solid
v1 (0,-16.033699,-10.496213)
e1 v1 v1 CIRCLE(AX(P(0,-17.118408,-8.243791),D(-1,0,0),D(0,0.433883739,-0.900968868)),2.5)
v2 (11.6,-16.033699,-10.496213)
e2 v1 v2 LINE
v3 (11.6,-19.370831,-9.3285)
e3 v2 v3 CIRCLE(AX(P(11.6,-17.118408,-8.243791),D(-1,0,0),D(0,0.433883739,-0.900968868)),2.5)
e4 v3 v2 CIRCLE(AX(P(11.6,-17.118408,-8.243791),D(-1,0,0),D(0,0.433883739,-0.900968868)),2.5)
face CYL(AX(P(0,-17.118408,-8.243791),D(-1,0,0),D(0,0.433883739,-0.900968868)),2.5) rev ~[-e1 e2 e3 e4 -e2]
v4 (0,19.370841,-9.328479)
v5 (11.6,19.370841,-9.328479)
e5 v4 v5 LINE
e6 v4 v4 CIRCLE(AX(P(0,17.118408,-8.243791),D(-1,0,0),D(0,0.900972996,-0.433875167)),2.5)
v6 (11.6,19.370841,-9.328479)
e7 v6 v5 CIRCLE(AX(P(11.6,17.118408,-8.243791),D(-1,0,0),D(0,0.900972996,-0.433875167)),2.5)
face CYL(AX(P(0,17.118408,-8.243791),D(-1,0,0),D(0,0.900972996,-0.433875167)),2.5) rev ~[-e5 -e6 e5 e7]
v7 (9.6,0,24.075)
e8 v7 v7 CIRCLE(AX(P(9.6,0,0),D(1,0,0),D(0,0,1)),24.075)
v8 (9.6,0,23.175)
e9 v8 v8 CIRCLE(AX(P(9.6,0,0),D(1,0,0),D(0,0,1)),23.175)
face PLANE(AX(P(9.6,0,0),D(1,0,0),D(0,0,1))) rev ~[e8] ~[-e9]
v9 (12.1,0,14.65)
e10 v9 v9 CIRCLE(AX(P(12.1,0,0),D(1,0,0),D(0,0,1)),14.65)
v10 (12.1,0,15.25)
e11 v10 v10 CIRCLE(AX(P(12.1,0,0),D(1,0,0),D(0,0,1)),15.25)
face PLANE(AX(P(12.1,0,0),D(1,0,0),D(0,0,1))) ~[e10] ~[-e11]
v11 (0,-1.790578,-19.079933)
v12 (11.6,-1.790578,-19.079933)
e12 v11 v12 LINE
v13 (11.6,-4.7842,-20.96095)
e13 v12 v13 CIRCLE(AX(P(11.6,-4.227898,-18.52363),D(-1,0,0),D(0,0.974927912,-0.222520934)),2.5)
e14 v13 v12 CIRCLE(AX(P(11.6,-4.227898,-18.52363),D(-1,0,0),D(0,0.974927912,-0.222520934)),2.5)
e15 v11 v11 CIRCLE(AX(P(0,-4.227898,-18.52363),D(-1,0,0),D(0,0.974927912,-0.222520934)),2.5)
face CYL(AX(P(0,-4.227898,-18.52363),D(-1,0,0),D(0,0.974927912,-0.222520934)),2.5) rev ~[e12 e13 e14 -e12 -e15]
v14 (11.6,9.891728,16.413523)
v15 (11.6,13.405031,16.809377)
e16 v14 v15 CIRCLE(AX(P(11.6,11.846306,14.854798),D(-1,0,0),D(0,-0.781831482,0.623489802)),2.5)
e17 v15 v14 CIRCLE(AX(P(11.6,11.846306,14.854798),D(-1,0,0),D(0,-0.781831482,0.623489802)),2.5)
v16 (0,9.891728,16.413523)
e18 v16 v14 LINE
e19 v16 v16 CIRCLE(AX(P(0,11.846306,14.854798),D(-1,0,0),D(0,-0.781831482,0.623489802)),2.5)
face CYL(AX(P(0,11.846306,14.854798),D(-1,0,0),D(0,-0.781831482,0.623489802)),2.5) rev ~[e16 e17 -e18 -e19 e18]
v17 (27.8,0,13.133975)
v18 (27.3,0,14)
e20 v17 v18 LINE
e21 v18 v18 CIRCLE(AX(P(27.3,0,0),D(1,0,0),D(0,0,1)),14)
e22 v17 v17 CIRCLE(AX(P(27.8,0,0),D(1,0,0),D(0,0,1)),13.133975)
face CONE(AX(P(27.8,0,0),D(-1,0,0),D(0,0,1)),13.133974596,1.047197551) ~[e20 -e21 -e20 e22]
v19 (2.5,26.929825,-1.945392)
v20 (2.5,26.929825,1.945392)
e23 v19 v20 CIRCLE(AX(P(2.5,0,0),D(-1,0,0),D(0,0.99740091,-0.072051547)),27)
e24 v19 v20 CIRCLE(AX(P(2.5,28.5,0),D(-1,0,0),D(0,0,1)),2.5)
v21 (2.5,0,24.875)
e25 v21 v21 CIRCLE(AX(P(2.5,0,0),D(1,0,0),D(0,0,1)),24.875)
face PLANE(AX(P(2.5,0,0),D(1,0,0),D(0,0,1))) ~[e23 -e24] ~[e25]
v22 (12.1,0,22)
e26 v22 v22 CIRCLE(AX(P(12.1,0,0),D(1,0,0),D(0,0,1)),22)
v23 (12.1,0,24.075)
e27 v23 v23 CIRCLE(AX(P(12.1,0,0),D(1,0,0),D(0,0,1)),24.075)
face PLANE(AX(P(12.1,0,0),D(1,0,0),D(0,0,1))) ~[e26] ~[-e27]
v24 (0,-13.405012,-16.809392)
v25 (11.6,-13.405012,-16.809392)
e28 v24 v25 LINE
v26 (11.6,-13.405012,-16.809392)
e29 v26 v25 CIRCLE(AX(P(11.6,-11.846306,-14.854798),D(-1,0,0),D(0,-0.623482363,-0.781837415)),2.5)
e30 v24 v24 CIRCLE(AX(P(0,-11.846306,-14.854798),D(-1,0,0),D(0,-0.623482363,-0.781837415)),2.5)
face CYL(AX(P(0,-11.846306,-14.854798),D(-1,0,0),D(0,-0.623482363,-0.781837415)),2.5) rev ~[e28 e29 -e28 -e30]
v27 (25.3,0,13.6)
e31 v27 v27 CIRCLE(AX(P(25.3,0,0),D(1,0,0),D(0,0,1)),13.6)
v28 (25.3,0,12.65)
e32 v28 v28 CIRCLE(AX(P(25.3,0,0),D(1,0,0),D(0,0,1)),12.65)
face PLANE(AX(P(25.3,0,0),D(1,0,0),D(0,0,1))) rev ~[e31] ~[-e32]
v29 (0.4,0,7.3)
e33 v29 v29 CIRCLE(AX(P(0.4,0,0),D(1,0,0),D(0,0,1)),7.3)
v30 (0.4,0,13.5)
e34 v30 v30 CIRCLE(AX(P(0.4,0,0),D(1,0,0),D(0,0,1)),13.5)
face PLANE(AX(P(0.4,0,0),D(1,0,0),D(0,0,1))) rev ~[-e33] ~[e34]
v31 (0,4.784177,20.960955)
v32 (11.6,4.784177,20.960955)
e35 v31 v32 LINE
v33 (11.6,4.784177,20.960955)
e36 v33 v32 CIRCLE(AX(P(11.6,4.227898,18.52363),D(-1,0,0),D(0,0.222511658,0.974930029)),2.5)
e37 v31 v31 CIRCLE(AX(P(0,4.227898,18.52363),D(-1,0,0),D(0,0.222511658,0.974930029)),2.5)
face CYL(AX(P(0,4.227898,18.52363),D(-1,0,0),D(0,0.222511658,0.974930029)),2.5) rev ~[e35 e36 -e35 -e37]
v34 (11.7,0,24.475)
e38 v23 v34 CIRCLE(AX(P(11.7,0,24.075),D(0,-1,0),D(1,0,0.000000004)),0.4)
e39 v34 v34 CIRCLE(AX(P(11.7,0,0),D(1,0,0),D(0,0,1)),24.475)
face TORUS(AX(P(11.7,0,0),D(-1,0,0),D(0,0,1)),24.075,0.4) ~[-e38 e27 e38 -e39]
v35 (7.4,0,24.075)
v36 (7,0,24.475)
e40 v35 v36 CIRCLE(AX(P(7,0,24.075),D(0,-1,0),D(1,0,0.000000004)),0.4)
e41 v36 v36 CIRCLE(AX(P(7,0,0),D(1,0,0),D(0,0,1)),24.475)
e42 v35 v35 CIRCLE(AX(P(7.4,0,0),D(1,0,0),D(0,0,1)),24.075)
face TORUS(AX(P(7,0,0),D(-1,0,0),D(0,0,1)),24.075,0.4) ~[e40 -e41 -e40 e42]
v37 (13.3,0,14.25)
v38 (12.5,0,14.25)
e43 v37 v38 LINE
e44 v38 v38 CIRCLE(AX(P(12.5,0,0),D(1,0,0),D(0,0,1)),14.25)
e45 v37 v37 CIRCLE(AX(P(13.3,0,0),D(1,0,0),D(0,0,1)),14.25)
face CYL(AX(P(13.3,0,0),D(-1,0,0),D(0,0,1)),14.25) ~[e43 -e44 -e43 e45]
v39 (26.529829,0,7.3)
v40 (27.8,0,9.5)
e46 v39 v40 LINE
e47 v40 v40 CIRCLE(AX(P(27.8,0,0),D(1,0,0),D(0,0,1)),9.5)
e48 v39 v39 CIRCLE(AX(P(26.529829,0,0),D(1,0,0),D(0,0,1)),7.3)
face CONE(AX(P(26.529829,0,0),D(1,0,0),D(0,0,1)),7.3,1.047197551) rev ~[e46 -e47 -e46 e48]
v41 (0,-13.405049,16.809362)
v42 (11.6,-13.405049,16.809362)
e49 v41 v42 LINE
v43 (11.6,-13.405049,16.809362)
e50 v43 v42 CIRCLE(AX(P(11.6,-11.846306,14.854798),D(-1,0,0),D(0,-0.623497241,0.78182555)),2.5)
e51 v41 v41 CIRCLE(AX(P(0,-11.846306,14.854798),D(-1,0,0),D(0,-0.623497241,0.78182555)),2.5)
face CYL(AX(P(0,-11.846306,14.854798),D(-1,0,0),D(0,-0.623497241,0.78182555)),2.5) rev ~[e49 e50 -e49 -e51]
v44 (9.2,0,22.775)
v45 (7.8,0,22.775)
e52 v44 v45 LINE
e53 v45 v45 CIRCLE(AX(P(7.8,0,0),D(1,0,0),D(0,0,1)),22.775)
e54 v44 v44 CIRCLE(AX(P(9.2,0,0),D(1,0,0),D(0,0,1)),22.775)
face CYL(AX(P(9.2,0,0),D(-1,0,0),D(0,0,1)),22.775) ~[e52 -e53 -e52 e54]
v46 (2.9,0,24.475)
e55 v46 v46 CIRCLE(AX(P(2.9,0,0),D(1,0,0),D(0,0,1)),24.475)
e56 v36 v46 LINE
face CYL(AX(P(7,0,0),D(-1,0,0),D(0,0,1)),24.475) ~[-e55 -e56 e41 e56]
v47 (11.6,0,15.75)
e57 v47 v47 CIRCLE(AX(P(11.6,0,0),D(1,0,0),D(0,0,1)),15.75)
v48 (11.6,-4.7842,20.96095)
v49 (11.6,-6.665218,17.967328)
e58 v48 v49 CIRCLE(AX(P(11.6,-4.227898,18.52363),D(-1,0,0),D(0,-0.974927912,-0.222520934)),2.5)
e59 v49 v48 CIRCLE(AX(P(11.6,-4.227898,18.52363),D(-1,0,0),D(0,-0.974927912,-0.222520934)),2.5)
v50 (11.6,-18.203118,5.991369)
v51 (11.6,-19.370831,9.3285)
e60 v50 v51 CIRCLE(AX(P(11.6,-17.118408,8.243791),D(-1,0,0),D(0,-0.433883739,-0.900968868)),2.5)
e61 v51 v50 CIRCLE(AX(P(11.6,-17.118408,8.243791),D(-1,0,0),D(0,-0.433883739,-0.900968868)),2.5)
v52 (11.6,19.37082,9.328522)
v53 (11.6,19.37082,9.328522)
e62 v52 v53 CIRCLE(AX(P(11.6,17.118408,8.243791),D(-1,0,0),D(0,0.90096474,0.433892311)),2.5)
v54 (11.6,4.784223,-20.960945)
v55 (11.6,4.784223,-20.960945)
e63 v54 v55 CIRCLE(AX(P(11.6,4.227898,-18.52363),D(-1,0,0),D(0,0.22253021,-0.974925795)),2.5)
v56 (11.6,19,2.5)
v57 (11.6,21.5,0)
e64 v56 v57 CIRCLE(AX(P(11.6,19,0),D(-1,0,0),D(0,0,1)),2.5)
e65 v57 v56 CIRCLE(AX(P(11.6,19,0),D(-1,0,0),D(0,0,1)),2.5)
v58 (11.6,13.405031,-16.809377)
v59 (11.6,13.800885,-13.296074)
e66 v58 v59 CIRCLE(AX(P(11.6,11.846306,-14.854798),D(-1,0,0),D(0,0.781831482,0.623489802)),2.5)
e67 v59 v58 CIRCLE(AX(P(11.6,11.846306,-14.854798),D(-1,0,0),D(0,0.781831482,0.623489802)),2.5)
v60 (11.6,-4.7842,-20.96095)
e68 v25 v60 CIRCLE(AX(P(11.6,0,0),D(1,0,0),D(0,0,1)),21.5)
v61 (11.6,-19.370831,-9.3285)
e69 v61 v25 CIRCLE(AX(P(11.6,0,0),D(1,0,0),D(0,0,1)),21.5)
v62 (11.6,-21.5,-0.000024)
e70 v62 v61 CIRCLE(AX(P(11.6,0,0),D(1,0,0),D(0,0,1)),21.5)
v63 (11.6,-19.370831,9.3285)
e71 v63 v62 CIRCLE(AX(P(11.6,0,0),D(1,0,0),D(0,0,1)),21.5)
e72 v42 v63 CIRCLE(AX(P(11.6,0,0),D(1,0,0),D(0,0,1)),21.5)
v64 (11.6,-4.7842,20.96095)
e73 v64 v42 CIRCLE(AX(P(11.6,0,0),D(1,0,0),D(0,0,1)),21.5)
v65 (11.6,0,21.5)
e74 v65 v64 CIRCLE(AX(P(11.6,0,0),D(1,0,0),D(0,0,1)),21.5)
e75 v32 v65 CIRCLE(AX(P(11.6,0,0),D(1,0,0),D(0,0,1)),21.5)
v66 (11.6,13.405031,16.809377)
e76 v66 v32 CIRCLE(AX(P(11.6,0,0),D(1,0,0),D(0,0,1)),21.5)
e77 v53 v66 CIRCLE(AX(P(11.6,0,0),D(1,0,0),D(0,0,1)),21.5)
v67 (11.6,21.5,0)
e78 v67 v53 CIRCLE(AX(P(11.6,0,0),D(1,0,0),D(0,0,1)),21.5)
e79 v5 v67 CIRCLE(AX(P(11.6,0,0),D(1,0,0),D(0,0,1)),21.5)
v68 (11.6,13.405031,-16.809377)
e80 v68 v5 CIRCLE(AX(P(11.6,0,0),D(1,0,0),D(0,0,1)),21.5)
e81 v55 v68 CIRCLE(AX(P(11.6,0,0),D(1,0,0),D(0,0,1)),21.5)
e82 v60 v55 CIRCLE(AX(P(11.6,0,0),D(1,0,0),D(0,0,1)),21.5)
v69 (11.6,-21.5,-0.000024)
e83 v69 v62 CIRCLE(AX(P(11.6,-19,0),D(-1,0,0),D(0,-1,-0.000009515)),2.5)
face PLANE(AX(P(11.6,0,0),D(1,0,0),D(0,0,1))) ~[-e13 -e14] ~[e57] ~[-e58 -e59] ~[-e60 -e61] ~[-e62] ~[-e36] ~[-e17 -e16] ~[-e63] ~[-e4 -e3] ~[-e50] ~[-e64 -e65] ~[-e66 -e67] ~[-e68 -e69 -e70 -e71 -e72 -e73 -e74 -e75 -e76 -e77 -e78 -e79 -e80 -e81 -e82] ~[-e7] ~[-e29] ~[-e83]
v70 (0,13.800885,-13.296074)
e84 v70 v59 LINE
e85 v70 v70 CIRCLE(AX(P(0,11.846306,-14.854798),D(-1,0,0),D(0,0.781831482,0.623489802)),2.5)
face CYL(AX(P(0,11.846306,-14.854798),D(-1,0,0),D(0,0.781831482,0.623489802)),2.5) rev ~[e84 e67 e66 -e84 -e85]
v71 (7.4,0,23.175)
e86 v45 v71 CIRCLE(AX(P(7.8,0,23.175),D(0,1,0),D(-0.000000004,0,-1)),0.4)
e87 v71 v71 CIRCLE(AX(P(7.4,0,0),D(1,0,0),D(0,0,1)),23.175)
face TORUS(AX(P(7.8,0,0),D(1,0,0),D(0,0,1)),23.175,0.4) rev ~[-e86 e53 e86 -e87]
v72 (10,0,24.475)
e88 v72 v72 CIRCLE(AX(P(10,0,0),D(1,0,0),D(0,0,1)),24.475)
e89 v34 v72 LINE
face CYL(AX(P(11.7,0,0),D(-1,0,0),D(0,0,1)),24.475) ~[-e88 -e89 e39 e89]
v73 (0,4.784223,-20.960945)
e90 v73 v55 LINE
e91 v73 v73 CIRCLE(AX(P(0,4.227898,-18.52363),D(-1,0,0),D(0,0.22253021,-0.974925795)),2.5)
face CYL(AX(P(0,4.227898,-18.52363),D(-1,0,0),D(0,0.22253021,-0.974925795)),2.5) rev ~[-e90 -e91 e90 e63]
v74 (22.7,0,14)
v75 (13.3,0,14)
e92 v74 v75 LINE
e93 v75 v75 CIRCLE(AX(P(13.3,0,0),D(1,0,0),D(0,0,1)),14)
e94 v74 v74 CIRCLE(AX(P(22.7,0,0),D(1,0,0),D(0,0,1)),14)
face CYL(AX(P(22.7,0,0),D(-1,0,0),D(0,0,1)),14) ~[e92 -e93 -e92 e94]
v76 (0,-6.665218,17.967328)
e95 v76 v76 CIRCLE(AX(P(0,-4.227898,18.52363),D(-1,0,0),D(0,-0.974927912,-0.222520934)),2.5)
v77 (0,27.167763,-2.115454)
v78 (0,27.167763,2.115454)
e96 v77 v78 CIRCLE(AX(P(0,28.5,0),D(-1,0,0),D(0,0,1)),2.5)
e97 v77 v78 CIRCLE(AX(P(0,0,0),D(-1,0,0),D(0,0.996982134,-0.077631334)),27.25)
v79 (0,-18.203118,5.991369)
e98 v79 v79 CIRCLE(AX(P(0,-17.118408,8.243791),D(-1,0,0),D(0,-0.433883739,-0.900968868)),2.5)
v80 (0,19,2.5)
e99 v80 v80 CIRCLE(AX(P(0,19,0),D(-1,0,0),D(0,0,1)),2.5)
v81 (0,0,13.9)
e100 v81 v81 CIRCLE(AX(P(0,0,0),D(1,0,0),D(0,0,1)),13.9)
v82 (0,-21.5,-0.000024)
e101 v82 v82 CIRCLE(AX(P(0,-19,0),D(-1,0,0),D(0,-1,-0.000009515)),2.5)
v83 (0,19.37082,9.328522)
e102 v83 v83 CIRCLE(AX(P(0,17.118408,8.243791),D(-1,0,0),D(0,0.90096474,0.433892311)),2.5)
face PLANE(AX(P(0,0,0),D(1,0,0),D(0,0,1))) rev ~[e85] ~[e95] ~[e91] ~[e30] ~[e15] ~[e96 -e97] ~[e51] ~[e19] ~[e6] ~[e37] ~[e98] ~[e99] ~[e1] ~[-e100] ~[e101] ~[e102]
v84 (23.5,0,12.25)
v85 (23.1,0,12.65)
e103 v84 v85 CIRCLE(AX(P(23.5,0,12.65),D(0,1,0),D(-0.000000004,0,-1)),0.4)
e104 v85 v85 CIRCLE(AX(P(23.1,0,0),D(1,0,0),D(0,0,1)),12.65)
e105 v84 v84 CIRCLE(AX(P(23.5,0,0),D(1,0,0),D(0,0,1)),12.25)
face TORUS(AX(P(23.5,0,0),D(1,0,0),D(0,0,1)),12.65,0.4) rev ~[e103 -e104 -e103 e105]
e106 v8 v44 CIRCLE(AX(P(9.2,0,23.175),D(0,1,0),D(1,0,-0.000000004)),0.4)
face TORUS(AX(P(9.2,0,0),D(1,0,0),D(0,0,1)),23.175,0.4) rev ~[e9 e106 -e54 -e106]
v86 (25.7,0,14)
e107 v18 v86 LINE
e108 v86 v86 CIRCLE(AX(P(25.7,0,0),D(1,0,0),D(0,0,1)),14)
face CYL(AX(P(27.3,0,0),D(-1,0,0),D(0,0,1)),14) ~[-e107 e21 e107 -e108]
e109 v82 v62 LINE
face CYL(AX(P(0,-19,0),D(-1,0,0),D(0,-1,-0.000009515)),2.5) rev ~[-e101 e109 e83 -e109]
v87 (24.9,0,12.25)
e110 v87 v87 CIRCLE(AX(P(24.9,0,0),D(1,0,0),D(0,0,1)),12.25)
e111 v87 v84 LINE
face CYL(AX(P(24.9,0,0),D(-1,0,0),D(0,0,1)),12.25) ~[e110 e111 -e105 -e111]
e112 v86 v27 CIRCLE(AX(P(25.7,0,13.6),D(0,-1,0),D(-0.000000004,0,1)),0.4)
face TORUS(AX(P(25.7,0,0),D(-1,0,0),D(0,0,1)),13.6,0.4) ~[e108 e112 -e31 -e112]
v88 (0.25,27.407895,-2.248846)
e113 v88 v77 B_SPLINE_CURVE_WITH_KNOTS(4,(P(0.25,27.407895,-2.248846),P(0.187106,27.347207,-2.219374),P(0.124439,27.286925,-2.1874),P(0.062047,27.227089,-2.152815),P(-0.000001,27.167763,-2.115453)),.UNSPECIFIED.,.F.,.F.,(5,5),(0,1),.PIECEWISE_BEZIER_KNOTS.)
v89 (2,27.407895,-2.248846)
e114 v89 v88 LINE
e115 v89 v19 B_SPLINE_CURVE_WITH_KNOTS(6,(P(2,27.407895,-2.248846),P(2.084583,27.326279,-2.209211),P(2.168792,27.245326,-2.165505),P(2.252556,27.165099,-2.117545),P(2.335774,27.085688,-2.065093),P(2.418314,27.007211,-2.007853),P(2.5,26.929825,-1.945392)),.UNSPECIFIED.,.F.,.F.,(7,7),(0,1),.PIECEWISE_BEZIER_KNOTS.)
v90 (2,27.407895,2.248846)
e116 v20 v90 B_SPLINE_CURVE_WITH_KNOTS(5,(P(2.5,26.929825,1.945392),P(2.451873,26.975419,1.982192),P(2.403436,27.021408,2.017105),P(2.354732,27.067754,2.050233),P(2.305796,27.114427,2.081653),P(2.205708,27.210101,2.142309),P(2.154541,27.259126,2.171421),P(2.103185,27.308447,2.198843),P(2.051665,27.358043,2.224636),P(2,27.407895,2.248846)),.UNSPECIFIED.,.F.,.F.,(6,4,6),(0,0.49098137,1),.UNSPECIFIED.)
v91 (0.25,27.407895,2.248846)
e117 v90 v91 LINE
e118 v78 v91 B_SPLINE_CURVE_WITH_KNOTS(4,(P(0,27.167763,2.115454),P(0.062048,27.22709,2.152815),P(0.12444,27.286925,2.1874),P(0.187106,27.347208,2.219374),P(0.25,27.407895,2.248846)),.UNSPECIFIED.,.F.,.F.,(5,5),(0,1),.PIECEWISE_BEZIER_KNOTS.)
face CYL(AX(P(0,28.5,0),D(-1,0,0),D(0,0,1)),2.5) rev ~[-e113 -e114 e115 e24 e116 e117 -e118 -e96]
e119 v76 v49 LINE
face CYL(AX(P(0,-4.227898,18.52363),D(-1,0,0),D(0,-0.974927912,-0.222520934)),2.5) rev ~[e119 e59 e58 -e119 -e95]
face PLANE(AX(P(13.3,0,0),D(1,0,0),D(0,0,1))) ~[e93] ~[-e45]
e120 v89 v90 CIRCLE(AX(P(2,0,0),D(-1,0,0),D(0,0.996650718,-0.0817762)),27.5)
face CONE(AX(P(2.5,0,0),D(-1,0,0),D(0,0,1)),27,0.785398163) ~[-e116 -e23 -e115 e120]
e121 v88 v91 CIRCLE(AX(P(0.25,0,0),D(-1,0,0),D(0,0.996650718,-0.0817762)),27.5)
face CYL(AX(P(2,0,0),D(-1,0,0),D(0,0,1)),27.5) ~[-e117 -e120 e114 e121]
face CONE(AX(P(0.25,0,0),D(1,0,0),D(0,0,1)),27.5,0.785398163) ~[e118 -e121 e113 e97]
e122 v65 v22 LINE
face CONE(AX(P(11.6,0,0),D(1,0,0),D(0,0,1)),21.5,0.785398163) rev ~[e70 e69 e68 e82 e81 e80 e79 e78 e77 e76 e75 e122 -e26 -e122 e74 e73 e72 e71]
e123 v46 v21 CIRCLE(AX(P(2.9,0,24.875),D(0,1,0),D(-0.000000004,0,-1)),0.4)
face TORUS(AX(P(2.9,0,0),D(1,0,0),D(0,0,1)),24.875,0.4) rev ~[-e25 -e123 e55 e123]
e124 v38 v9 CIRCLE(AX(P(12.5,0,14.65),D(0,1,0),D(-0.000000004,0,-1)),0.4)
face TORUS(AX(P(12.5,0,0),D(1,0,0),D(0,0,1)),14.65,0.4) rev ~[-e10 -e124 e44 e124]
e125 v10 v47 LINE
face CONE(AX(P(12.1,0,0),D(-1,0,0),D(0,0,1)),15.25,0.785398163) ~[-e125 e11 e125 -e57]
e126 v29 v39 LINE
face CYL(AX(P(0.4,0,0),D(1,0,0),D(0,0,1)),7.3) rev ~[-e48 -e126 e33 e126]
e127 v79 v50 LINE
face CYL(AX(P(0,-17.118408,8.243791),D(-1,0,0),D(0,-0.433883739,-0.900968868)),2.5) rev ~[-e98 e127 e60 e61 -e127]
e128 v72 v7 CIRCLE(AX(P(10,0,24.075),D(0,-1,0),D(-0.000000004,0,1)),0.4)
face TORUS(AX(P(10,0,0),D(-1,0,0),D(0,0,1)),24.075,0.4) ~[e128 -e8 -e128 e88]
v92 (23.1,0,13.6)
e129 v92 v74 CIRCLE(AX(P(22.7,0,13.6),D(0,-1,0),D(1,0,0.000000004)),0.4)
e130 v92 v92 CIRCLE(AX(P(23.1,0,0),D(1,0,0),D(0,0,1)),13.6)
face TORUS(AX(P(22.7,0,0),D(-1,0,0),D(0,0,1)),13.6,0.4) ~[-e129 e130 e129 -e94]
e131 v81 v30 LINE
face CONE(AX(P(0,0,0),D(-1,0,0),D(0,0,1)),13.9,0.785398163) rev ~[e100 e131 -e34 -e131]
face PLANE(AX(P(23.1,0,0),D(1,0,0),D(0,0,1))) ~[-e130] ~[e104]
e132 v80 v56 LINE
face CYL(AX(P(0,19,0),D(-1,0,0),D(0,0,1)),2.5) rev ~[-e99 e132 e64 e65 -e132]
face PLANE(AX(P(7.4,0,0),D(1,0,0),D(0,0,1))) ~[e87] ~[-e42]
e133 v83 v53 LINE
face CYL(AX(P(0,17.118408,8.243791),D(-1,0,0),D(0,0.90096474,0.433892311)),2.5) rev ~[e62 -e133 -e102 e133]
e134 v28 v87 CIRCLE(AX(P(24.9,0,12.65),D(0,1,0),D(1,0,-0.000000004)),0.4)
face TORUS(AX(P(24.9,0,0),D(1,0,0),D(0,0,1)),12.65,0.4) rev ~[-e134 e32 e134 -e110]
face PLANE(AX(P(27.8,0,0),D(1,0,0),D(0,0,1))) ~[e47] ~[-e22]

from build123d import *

# Parameters (mm, degrees)
EXTRUDE1_REACH    = 49.805
SKETCH2_R         = 2.5
EXTRUDE2_REACH    = 49.805
SKETCH3_R         = 2.5
CIRPATTERN1_COUNT = 7


with BuildPart() as part:
    # Sketch1 → Revolve1 (revolve)
    with BuildSketch(Plane.XY, mode=Mode.PRIVATE) as revolve1_sk:
        with BuildLine():
            Line((0.4, 7.3), (26.529829408, 7.3))
            Line((26.529829408, 7.3), (27.8, 9.5))
            Line((27.8, 9.5), (27.8, 13.133974596))
            Line((27.8, 13.133974596), (27.3, 14))
            Line((27.3, 14), (25.7, 14))
            ThreePointArc((25.7, 14), (25.417157288, 13.882842712), (25.3, 13.6))
            Line((25.3, 13.6), (25.3, 12.65))
            ThreePointArc((25.3, 12.65), (25.182842712, 12.367157288), (24.9, 12.25))
            Line((24.9, 12.25), (23.5, 12.25))
            ThreePointArc((23.5, 12.25), (23.217157288, 12.367157288), (23.1, 12.65))
            Line((23.1, 12.65), (23.1, 13.6))
            ThreePointArc((23.1, 13.6), (22.982842712, 13.882842712), (22.7, 14))
            Line((22.7, 14), (13.3, 14))
            Line((13.3, 14), (13.3, 14.25))
            Line((13.3, 14.25), (12.5, 14.25))
            ThreePointArc((12.5, 14.25), (12.217157288, 14.367157288), (12.1, 14.65))
            Line((12.1, 14.65), (12.1, 15.25))
            Line((12.1, 15.25), (11.6, 15.75))
            Line((11.6, 15.75), (11.6, 21.5))
            Line((11.6, 21.5), (12.1, 22))
            Line((12.1, 22), (12.1, 24.075))
            ThreePointArc((12.1, 24.075), (11.982842712, 24.357842712), (11.7, 24.475))
            Line((11.7, 24.475), (10, 24.475))
            ThreePointArc((10, 24.475), (9.717157288, 24.357842712), (9.6, 24.075))
            Line((9.6, 24.075), (9.6, 23.175))
            ThreePointArc((9.6, 23.175), (9.482842712, 22.892157288), (9.2, 22.775))
            Line((9.2, 22.775), (7.8, 22.775))
            ThreePointArc((7.8, 22.775), (7.517157288, 22.892157288), (7.4, 23.175))
            Line((7.4, 23.175), (7.4, 24.075))
            ThreePointArc((7.4, 24.075), (7.282842712, 24.357842712), (7, 24.475))
            Line((7, 24.475), (2.9, 24.475))
            ThreePointArc((2.9, 24.475), (2.617157288, 24.592157288), (2.5, 24.875))
            Line((2.5, 24.875), (2.5, 27))
            Line((2.5, 27), (2, 27.5))
            Line((2, 27.5), (0.25, 27.5))
            Line((0.25, 27.5), (0, 27.25))
            Line((0, 27.25), (0, 13.9))
            Line((0, 13.9), (0.4, 13.5))
            Line((0.4, 13.5), (0.4, 7.3))
        make_face()
    revolve(revolve1_sk.sketch.rotate(Axis((0, 0, 0), (1, 0, 0)), 90), axis=Axis((0, 0, 0), (1, 0, 0)))

    # Sketch2 → Extrude1 (cut, up to next)
    with BuildSketch(Plane.ZY, mode=Mode.PRIVATE) as extrude1_sk1:
        with Locations((0, 19)):
            Circle(SKETCH2_R)
    extrude1_tool1 = extrude(extrude1_sk1.sketch, amount=-EXTRUDE1_REACH, mode=Mode.PRIVATE) & part.part
    # Sketch2 → Extrude1 (cut, up to next)
    with BuildSketch(Plane.ZY, mode=Mode.PRIVATE) as extrude1_sk2:
        with Locations(Location((0, -19, 0), (0, 0, 269.999454858))):
            Circle(SKETCH2_R)
    extrude1_tool2 = extrude(extrude1_sk2.sketch, amount=-EXTRUDE1_REACH, mode=Mode.PRIVATE) & part.part
    extrude1_1 = extrude1_tool1.solids().sort_by_distance((0, 19, 0))[0]
    add(extrude1_1, mode=Mode.SUBTRACT)
    extrude1_2 = extrude1_tool2.solids().sort_by_distance((0, -19, 0))[0]
    add(extrude1_2, mode=Mode.SUBTRACT)
    extrude1 = extrude1_1 + extrude1_2  # Extrude1 as one shape, for the pattern or mirror that repeats it

    # Sketch3 → Extrude2 (cut, up to next)
    with BuildSketch(Plane.ZY, mode=Mode.PRIVATE) as extrude2_sk1:
        with Locations((0, 28.5)):
            Circle(SKETCH3_R)
    extrude2_tool1 = extrude(extrude2_sk1.sketch, amount=-EXTRUDE2_REACH, mode=Mode.PRIVATE) & part.part
    add(extrude2_tool1.solids().sort_by_distance((0, 28.5, 0))[0], mode=Mode.SUBTRACT)

    # CirPattern1: Extrude1 ×7 about axis
    cirpattern1_axis = Axis((0, 0, 0), (1, 0, 0))
    for i in range(1, CIRPATTERN1_COUNT):
        add(extrude1.rotate(cirpattern1_axis, i * 360 / CIRPATTERN1_COUNT), mode=Mode.SUBTRACT)


solid = part.part
